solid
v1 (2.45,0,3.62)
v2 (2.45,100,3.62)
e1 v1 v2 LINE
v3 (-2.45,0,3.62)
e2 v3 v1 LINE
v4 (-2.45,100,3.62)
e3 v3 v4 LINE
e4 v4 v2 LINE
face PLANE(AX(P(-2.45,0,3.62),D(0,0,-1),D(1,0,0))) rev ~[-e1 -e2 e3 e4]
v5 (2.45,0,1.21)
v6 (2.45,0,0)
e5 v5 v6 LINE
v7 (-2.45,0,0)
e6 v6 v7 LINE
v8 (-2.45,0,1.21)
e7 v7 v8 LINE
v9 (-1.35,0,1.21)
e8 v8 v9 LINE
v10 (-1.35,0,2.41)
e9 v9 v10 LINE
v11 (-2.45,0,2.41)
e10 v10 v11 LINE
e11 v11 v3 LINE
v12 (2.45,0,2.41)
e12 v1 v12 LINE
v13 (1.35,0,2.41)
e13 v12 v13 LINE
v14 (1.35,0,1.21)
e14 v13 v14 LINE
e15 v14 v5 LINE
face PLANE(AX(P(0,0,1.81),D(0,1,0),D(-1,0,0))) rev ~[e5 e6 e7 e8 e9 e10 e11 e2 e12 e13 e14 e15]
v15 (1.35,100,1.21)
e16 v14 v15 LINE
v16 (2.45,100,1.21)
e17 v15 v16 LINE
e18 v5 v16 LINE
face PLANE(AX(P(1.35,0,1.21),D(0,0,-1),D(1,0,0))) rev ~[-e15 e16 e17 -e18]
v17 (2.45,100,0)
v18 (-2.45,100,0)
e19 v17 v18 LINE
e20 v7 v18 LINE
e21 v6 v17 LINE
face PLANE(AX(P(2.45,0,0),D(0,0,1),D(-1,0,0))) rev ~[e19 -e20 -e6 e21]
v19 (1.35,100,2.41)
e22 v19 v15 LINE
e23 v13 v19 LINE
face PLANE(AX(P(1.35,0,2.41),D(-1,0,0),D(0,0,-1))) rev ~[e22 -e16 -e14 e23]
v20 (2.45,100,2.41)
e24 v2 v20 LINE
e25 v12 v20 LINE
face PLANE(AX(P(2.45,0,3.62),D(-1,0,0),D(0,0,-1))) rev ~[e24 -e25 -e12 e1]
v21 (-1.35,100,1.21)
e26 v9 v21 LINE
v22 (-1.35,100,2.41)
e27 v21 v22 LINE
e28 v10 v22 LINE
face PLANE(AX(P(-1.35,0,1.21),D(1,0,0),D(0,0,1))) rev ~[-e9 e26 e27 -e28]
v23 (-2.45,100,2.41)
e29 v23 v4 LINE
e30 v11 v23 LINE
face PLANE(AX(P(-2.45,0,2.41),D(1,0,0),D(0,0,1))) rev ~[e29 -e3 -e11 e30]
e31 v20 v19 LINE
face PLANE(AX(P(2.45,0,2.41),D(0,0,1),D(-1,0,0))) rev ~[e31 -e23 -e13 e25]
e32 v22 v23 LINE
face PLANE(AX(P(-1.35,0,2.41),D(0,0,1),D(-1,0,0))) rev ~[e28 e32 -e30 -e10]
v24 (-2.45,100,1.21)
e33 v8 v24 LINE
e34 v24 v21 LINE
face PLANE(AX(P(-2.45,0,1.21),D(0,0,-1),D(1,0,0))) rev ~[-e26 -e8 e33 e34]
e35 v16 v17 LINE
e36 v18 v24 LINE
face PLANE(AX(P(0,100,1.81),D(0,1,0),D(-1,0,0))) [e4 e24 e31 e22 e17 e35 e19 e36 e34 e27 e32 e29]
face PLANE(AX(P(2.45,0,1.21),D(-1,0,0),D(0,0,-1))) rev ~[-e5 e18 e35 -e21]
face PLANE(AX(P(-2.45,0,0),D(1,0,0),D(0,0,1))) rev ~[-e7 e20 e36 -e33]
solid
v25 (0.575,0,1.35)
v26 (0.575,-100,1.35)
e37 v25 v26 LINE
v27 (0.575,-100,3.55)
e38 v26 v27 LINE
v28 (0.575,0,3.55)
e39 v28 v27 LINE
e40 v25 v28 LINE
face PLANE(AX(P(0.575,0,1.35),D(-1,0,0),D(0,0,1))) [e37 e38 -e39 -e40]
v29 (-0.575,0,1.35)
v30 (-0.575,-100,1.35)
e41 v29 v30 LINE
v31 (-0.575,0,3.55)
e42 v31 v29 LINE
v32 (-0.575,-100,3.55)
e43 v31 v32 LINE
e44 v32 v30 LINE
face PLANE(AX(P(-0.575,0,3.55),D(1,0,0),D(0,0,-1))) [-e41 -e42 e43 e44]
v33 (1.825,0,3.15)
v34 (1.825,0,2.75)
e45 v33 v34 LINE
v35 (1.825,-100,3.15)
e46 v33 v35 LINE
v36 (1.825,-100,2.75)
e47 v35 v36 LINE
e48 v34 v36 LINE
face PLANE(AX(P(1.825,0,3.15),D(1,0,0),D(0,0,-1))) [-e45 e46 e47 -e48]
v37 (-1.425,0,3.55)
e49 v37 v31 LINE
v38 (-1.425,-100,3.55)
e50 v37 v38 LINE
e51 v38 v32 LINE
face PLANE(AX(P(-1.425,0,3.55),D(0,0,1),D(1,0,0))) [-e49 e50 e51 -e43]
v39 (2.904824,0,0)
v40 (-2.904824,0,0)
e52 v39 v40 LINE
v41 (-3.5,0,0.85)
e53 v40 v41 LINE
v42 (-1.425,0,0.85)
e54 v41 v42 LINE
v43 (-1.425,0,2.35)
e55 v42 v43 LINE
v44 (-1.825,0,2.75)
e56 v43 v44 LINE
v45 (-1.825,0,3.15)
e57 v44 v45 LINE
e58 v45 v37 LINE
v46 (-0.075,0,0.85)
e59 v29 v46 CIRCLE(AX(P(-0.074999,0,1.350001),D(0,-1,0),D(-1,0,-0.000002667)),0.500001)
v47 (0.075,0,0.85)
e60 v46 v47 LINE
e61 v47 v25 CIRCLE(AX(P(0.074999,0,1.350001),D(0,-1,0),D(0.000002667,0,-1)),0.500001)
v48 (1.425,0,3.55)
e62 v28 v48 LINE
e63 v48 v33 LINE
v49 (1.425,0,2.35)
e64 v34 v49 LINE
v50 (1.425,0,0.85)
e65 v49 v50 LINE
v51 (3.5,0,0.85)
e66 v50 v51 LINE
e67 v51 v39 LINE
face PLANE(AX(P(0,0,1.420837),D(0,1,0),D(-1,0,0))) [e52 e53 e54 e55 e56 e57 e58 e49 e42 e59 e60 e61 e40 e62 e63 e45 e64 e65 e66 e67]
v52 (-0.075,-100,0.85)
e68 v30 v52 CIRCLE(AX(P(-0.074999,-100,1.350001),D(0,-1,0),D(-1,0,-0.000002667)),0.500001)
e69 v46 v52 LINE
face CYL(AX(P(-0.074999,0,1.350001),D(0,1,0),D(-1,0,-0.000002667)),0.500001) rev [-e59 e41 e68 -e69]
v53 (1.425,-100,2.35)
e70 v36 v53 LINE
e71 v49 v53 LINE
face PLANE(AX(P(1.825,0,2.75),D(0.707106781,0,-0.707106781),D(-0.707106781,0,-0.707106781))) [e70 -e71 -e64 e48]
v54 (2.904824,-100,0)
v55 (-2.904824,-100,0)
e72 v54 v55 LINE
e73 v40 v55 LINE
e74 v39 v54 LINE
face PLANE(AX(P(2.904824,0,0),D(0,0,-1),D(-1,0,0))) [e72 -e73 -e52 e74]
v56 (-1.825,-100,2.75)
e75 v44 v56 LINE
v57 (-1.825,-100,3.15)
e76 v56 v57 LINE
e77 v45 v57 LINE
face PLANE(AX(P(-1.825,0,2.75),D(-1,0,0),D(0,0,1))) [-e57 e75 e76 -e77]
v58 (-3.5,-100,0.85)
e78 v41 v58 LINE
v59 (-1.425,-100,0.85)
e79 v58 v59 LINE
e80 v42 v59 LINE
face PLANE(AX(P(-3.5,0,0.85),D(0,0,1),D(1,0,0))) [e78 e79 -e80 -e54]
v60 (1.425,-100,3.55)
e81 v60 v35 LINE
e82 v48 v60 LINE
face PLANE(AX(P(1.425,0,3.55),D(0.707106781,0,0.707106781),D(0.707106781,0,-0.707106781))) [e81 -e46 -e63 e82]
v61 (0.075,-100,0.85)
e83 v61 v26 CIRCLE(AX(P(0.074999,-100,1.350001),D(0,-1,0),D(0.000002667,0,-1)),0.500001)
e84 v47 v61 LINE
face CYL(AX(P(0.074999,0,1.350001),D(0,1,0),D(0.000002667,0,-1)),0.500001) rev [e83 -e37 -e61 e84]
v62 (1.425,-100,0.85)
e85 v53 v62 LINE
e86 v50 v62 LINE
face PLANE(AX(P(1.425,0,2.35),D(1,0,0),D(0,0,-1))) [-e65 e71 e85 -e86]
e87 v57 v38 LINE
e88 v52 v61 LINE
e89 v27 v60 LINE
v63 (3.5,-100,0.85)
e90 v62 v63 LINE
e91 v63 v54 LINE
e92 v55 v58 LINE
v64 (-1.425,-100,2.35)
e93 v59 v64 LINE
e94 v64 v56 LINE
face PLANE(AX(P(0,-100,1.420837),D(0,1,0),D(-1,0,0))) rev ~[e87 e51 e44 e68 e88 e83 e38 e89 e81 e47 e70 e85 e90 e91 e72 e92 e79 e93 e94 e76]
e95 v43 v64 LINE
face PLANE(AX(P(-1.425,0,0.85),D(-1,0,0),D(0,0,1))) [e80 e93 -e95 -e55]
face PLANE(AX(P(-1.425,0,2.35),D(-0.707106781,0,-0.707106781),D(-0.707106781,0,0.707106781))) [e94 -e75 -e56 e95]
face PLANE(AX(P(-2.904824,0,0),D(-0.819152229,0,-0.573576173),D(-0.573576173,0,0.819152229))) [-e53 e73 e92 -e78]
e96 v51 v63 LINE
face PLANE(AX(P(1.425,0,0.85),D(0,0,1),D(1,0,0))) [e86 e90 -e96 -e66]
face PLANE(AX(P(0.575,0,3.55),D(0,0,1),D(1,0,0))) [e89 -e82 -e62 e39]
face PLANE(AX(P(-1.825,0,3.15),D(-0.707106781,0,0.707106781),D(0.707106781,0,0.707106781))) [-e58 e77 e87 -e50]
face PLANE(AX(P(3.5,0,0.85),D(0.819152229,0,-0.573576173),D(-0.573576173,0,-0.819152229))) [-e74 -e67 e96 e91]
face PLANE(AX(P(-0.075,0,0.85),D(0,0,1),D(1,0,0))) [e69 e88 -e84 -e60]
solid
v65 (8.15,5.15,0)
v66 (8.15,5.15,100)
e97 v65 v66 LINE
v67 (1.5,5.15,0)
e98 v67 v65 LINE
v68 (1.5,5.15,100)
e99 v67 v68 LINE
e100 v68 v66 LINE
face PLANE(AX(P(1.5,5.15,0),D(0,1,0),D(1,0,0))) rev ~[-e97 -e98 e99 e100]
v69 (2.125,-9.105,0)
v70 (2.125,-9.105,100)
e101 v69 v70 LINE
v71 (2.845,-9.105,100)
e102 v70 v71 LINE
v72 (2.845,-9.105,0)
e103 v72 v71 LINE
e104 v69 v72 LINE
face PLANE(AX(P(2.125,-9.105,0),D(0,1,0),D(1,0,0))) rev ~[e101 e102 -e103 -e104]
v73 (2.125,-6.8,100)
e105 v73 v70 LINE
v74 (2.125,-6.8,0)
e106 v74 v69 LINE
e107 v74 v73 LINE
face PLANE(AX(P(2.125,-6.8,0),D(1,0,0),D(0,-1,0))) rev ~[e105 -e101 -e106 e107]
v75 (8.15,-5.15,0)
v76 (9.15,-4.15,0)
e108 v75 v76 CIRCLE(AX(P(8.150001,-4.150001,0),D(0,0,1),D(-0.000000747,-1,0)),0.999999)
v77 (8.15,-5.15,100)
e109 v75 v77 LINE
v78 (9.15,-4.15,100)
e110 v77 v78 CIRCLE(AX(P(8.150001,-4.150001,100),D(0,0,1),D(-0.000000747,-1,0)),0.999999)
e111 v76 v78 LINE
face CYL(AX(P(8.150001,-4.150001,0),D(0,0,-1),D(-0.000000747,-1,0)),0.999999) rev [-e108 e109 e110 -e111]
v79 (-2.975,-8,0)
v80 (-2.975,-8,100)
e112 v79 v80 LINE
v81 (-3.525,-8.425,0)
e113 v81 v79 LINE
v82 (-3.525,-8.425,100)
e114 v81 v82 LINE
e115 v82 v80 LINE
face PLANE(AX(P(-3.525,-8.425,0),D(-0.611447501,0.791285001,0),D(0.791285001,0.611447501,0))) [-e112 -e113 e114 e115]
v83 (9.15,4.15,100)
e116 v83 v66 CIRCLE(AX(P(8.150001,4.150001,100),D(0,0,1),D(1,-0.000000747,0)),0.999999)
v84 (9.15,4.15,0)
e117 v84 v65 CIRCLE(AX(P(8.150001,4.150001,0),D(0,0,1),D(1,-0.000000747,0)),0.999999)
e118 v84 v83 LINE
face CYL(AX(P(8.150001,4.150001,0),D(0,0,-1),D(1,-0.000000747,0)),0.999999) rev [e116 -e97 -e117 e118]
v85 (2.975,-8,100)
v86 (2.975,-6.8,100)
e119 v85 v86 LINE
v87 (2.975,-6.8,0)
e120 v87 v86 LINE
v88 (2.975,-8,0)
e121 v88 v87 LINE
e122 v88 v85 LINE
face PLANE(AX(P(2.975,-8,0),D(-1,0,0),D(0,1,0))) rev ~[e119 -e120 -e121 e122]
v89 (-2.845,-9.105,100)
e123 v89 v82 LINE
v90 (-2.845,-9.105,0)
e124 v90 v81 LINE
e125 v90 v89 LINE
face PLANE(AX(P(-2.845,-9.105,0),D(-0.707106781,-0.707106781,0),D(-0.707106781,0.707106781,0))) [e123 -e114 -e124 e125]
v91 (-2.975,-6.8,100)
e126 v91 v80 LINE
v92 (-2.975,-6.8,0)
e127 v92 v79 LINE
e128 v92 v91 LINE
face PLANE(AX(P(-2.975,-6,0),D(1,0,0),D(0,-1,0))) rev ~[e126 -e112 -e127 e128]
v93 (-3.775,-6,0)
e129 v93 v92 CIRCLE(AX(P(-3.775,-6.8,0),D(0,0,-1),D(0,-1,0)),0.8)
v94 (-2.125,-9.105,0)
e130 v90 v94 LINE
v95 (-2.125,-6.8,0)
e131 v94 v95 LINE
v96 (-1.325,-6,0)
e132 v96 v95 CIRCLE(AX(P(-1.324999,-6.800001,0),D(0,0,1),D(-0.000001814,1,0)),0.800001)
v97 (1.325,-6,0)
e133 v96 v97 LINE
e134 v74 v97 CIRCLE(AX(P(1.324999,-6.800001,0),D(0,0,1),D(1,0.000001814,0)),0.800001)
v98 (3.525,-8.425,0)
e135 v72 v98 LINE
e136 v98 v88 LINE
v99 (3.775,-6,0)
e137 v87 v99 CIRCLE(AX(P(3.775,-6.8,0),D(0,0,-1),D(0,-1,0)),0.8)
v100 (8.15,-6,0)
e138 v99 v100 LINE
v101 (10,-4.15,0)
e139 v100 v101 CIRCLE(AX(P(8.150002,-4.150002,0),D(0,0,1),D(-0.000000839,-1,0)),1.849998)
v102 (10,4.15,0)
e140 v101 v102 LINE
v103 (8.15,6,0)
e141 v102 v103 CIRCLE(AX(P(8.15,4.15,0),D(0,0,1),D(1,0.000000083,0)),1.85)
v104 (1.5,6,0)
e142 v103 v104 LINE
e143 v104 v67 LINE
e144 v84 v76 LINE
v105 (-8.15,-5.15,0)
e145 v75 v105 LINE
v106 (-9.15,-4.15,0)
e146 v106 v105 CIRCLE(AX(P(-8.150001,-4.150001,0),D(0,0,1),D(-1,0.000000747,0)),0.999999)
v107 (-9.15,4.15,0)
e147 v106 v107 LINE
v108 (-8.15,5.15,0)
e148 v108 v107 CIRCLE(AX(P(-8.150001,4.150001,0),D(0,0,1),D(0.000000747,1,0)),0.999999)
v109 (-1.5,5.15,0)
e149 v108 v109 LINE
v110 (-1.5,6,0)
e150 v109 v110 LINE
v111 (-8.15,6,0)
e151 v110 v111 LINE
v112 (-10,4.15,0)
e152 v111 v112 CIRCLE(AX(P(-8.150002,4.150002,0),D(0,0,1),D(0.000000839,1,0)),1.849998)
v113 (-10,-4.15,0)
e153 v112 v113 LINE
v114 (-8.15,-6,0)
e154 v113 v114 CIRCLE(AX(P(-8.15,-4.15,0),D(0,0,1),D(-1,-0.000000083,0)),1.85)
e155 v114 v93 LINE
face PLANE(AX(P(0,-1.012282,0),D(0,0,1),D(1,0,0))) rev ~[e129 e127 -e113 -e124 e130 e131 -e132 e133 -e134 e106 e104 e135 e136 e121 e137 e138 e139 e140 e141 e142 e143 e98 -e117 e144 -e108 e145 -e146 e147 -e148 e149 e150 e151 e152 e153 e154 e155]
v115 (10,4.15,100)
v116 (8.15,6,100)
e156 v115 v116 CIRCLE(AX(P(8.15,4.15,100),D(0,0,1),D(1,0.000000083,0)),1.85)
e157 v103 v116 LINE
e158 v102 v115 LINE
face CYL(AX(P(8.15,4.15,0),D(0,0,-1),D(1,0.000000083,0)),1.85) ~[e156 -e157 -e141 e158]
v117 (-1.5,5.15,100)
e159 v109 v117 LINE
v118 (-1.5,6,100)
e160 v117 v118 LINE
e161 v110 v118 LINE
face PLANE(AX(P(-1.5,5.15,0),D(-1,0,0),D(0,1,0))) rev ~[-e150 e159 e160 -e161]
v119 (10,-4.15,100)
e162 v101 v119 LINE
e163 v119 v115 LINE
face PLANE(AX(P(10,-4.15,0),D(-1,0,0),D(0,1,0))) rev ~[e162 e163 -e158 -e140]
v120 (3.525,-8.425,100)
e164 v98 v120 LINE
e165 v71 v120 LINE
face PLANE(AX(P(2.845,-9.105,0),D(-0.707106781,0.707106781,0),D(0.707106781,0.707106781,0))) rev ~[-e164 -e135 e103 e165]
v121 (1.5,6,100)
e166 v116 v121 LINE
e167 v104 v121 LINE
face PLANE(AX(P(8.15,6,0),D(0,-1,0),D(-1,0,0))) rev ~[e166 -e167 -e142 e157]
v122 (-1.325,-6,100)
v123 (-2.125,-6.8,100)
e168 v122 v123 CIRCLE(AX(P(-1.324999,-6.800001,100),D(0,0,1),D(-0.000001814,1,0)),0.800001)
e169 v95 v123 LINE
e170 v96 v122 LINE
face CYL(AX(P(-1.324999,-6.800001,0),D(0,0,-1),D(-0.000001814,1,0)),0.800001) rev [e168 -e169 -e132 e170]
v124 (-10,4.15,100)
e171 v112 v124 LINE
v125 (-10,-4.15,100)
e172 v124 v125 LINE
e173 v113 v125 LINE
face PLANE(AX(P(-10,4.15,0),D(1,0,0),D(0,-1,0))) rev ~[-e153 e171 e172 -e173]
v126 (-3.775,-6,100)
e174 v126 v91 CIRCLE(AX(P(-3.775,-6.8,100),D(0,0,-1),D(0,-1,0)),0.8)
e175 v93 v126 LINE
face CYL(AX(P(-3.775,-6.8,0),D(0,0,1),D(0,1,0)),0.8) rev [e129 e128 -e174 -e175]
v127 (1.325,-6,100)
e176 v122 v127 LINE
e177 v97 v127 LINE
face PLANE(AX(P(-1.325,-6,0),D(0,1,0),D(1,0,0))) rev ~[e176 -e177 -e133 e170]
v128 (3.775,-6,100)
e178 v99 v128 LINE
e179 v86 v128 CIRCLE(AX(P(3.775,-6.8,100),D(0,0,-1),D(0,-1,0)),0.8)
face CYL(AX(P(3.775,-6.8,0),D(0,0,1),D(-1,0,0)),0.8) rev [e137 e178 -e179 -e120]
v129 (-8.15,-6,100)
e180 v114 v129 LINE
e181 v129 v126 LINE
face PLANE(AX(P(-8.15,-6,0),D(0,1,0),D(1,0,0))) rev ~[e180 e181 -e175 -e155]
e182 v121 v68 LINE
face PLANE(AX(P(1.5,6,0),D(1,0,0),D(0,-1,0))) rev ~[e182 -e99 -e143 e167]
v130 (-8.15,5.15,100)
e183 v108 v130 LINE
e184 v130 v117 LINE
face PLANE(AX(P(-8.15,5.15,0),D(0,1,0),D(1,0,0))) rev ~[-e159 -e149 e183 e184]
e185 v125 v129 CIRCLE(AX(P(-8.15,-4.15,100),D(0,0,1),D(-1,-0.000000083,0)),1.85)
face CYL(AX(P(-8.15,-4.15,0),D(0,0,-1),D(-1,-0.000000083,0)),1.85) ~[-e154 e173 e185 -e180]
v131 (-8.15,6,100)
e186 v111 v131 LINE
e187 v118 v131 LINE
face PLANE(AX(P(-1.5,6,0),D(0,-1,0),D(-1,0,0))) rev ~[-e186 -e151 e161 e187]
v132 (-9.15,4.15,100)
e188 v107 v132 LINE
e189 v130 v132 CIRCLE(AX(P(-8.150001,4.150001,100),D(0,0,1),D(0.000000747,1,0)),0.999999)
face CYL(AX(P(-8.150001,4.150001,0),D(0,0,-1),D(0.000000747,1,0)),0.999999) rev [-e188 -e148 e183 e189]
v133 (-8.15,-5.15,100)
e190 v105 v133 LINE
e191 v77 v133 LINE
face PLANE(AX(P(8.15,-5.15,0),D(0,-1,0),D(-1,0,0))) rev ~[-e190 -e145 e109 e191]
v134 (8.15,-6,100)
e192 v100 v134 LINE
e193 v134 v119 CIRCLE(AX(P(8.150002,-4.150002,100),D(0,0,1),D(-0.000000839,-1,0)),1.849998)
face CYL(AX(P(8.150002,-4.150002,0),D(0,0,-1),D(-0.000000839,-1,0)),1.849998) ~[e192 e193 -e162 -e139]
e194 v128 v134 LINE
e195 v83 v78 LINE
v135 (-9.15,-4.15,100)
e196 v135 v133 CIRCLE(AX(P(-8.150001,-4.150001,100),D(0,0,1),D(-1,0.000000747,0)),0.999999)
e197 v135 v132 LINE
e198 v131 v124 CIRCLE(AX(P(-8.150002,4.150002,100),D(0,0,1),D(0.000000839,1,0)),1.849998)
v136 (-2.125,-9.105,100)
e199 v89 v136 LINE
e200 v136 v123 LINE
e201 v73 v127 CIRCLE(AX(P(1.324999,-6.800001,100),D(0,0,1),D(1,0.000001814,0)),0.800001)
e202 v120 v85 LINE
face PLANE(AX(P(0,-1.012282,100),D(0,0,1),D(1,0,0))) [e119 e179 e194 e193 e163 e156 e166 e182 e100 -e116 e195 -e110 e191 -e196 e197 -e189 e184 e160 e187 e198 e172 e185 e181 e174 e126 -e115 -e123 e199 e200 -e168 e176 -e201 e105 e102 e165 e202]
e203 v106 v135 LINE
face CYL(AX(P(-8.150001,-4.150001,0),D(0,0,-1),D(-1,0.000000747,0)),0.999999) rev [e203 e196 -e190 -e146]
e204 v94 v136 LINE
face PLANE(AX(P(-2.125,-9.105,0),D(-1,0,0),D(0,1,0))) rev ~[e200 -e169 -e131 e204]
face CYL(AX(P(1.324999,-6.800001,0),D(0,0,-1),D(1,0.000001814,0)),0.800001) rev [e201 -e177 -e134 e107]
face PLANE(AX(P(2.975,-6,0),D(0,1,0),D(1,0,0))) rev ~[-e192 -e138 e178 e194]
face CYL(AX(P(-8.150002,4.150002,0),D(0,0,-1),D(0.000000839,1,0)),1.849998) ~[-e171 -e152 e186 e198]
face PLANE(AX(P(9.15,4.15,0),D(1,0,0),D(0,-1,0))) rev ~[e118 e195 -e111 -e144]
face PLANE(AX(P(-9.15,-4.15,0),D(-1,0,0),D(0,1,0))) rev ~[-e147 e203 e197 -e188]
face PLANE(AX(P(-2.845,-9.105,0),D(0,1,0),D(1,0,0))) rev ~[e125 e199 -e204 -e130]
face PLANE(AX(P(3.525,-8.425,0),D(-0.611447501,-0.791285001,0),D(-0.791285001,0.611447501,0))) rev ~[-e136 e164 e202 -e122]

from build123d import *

# Parameters (mm, degrees)
PAD002_DEPTH = 100
PAD003_DEPTH = 100
PAD_DEPTH    = 100
FILLET_R     = 0.8


with BuildPart() as capbody:
    # Sketch002 → Pad002 (new body)
    with BuildSketch(Plane(origin=(0, 0, 0), x_dir=(-1, 0, 0), z_dir=(0, 1, 0))):
        Polygon((-2.45, 0), (2.45, 0), (2.45, 1.21), (1.35, 1.21), (1.35, 2.41), (2.45, 2.41), (2.45, 3.62), (-2.45, 3.62), (-2.45, 2.41), (-1.35, 2.41), (-1.35, 1.21), (-2.45, 1.21), align=None)
    extrude(amount=PAD002_DEPTH)


with BuildPart() as cap2body:
    # Sketch003 → Pad003 (new body)
    with BuildSketch(Plane.XZ):
        with BuildLine():
            Line((-0.575, 3.55), (-0.575, 1.35))
            ThreePointArc((-0.575, 1.35), (-0.428553, 0.996447), (-0.075, 0.85))
            Line((-0.075, 0.85), (0.075, 0.85))
            ThreePointArc((0.075, 0.85), (0.428553, 0.996447), (0.575, 1.35))
            Line((0.575, 1.35), (0.575, 3.55))
            Line((0.575, 3.55), (1.425, 3.55))
            Line((1.425, 3.55), (1.825, 3.15))
            Line((1.825, 3.15), (1.825, 2.75))
            Line((1.825, 2.75), (1.425, 2.35))
            Line((1.425, 2.35), (1.425, 0.85))
            Line((1.425, 0.85), (3.5, 0.85))
            Line((3.5, 0.85), (2.904824, 0))
            Line((2.904824, 0), (-2.904824, 0))
            Line((-2.904824, 0), (-3.5, 0.85))
            Line((-3.5, 0.85), (-1.425, 0.85))
            Line((-1.425, 0.85), (-1.425, 2.35))
            Line((-1.425, 2.35), (-1.825, 2.75))
            Line((-1.825, 2.75), (-1.825, 3.15))
            Line((-1.825, 3.15), (-1.425, 3.55))
            Line((-1.425, 3.55), (-0.575, 3.55))
        make_face()
    extrude(amount=PAD003_DEPTH)


with BuildPart() as guidebody:
    # Sketch004 → Pad (new body)
    with BuildSketch(Plane.XY):
        with BuildLine():
            Line((-10, 4.15), (-10, -4.15))
            ThreePointArc((-10, -4.15), (-9.458148, -5.458147), (-8.15, -6))
            Line((-8.15, -6), (-2.975, -6))
            Line((-2.975, -6), (-2.975, -8))
            Line((-3.525, -8.425), (-2.975, -8))
            Line((-2.845, -9.105), (-3.525, -8.425))
            Line((-2.845, -9.105), (-2.125, -9.105))
            Line((-2.125, -9.105), (-2.125, -6.8))
            ThreePointArc((-1.325, -6), (-1.890685, -6.234315), (-2.125, -6.8))
            Line((-1.325, -6), (1.325, -6))
            ThreePointArc((2.125, -6.8), (1.890685, -6.234315), (1.325, -6))
            Line((2.125, -6.8), (2.125, -9.105))
            Line((2.125, -9.105), (2.845, -9.105))
            Line((2.845, -9.105), (3.525, -8.425))
            Line((3.525, -8.425), (2.975, -8))
            Line((2.975, -8), (2.975, -6))
            Line((2.975, -6), (8.15, -6))
            ThreePointArc((8.15, -6), (9.458148, -5.458148), (10, -4.15))
            Line((10, -4.15), (10, 4.15))
            ThreePointArc((10, 4.15), (9.458147, 5.458148), (8.15, 6))
            Line((8.15, 6), (1.5, 6))
            Line((1.5, 6), (1.5, 5.15))
            Line((1.5, 5.15), (8.15, 5.15))
            ThreePointArc((9.15, 4.15), (8.857107, 4.857107), (8.15, 5.15))
            Line((9.15, 4.15), (9.15, -4.15))
            ThreePointArc((8.15, -5.15), (8.857107, -4.857107), (9.15, -4.15))
            Line((8.15, -5.15), (-8.15, -5.15))
            ThreePointArc((-9.15, -4.15), (-8.857107, -4.857107), (-8.15, -5.15))
            Line((-9.15, -4.15), (-9.15, 4.15))
            ThreePointArc((-8.15, 5.15), (-8.857107, 4.857107), (-9.15, 4.15))
            Line((-8.15, 5.15), (-1.5, 5.15))
            Line((-1.5, 5.15), (-1.5, 6))
            Line((-1.5, 6), (-8.15, 6))
            ThreePointArc((-8.15, 6), (-9.458148, 5.458148), (-10, 4.15))
        make_face()
    extrude(amount=PAD_DEPTH)

    # Fillet
    fillet_edges = [guidebody.edges().sort_by_distance(p)[0] for p in [
        (-2.975, -6, 50),
        (2.975, -6, 50),
    ]]
    fillet(fillet_edges, radius=FILLET_R)


solid = Compound([capbody.part, cap2body.part, guidebody.part])
